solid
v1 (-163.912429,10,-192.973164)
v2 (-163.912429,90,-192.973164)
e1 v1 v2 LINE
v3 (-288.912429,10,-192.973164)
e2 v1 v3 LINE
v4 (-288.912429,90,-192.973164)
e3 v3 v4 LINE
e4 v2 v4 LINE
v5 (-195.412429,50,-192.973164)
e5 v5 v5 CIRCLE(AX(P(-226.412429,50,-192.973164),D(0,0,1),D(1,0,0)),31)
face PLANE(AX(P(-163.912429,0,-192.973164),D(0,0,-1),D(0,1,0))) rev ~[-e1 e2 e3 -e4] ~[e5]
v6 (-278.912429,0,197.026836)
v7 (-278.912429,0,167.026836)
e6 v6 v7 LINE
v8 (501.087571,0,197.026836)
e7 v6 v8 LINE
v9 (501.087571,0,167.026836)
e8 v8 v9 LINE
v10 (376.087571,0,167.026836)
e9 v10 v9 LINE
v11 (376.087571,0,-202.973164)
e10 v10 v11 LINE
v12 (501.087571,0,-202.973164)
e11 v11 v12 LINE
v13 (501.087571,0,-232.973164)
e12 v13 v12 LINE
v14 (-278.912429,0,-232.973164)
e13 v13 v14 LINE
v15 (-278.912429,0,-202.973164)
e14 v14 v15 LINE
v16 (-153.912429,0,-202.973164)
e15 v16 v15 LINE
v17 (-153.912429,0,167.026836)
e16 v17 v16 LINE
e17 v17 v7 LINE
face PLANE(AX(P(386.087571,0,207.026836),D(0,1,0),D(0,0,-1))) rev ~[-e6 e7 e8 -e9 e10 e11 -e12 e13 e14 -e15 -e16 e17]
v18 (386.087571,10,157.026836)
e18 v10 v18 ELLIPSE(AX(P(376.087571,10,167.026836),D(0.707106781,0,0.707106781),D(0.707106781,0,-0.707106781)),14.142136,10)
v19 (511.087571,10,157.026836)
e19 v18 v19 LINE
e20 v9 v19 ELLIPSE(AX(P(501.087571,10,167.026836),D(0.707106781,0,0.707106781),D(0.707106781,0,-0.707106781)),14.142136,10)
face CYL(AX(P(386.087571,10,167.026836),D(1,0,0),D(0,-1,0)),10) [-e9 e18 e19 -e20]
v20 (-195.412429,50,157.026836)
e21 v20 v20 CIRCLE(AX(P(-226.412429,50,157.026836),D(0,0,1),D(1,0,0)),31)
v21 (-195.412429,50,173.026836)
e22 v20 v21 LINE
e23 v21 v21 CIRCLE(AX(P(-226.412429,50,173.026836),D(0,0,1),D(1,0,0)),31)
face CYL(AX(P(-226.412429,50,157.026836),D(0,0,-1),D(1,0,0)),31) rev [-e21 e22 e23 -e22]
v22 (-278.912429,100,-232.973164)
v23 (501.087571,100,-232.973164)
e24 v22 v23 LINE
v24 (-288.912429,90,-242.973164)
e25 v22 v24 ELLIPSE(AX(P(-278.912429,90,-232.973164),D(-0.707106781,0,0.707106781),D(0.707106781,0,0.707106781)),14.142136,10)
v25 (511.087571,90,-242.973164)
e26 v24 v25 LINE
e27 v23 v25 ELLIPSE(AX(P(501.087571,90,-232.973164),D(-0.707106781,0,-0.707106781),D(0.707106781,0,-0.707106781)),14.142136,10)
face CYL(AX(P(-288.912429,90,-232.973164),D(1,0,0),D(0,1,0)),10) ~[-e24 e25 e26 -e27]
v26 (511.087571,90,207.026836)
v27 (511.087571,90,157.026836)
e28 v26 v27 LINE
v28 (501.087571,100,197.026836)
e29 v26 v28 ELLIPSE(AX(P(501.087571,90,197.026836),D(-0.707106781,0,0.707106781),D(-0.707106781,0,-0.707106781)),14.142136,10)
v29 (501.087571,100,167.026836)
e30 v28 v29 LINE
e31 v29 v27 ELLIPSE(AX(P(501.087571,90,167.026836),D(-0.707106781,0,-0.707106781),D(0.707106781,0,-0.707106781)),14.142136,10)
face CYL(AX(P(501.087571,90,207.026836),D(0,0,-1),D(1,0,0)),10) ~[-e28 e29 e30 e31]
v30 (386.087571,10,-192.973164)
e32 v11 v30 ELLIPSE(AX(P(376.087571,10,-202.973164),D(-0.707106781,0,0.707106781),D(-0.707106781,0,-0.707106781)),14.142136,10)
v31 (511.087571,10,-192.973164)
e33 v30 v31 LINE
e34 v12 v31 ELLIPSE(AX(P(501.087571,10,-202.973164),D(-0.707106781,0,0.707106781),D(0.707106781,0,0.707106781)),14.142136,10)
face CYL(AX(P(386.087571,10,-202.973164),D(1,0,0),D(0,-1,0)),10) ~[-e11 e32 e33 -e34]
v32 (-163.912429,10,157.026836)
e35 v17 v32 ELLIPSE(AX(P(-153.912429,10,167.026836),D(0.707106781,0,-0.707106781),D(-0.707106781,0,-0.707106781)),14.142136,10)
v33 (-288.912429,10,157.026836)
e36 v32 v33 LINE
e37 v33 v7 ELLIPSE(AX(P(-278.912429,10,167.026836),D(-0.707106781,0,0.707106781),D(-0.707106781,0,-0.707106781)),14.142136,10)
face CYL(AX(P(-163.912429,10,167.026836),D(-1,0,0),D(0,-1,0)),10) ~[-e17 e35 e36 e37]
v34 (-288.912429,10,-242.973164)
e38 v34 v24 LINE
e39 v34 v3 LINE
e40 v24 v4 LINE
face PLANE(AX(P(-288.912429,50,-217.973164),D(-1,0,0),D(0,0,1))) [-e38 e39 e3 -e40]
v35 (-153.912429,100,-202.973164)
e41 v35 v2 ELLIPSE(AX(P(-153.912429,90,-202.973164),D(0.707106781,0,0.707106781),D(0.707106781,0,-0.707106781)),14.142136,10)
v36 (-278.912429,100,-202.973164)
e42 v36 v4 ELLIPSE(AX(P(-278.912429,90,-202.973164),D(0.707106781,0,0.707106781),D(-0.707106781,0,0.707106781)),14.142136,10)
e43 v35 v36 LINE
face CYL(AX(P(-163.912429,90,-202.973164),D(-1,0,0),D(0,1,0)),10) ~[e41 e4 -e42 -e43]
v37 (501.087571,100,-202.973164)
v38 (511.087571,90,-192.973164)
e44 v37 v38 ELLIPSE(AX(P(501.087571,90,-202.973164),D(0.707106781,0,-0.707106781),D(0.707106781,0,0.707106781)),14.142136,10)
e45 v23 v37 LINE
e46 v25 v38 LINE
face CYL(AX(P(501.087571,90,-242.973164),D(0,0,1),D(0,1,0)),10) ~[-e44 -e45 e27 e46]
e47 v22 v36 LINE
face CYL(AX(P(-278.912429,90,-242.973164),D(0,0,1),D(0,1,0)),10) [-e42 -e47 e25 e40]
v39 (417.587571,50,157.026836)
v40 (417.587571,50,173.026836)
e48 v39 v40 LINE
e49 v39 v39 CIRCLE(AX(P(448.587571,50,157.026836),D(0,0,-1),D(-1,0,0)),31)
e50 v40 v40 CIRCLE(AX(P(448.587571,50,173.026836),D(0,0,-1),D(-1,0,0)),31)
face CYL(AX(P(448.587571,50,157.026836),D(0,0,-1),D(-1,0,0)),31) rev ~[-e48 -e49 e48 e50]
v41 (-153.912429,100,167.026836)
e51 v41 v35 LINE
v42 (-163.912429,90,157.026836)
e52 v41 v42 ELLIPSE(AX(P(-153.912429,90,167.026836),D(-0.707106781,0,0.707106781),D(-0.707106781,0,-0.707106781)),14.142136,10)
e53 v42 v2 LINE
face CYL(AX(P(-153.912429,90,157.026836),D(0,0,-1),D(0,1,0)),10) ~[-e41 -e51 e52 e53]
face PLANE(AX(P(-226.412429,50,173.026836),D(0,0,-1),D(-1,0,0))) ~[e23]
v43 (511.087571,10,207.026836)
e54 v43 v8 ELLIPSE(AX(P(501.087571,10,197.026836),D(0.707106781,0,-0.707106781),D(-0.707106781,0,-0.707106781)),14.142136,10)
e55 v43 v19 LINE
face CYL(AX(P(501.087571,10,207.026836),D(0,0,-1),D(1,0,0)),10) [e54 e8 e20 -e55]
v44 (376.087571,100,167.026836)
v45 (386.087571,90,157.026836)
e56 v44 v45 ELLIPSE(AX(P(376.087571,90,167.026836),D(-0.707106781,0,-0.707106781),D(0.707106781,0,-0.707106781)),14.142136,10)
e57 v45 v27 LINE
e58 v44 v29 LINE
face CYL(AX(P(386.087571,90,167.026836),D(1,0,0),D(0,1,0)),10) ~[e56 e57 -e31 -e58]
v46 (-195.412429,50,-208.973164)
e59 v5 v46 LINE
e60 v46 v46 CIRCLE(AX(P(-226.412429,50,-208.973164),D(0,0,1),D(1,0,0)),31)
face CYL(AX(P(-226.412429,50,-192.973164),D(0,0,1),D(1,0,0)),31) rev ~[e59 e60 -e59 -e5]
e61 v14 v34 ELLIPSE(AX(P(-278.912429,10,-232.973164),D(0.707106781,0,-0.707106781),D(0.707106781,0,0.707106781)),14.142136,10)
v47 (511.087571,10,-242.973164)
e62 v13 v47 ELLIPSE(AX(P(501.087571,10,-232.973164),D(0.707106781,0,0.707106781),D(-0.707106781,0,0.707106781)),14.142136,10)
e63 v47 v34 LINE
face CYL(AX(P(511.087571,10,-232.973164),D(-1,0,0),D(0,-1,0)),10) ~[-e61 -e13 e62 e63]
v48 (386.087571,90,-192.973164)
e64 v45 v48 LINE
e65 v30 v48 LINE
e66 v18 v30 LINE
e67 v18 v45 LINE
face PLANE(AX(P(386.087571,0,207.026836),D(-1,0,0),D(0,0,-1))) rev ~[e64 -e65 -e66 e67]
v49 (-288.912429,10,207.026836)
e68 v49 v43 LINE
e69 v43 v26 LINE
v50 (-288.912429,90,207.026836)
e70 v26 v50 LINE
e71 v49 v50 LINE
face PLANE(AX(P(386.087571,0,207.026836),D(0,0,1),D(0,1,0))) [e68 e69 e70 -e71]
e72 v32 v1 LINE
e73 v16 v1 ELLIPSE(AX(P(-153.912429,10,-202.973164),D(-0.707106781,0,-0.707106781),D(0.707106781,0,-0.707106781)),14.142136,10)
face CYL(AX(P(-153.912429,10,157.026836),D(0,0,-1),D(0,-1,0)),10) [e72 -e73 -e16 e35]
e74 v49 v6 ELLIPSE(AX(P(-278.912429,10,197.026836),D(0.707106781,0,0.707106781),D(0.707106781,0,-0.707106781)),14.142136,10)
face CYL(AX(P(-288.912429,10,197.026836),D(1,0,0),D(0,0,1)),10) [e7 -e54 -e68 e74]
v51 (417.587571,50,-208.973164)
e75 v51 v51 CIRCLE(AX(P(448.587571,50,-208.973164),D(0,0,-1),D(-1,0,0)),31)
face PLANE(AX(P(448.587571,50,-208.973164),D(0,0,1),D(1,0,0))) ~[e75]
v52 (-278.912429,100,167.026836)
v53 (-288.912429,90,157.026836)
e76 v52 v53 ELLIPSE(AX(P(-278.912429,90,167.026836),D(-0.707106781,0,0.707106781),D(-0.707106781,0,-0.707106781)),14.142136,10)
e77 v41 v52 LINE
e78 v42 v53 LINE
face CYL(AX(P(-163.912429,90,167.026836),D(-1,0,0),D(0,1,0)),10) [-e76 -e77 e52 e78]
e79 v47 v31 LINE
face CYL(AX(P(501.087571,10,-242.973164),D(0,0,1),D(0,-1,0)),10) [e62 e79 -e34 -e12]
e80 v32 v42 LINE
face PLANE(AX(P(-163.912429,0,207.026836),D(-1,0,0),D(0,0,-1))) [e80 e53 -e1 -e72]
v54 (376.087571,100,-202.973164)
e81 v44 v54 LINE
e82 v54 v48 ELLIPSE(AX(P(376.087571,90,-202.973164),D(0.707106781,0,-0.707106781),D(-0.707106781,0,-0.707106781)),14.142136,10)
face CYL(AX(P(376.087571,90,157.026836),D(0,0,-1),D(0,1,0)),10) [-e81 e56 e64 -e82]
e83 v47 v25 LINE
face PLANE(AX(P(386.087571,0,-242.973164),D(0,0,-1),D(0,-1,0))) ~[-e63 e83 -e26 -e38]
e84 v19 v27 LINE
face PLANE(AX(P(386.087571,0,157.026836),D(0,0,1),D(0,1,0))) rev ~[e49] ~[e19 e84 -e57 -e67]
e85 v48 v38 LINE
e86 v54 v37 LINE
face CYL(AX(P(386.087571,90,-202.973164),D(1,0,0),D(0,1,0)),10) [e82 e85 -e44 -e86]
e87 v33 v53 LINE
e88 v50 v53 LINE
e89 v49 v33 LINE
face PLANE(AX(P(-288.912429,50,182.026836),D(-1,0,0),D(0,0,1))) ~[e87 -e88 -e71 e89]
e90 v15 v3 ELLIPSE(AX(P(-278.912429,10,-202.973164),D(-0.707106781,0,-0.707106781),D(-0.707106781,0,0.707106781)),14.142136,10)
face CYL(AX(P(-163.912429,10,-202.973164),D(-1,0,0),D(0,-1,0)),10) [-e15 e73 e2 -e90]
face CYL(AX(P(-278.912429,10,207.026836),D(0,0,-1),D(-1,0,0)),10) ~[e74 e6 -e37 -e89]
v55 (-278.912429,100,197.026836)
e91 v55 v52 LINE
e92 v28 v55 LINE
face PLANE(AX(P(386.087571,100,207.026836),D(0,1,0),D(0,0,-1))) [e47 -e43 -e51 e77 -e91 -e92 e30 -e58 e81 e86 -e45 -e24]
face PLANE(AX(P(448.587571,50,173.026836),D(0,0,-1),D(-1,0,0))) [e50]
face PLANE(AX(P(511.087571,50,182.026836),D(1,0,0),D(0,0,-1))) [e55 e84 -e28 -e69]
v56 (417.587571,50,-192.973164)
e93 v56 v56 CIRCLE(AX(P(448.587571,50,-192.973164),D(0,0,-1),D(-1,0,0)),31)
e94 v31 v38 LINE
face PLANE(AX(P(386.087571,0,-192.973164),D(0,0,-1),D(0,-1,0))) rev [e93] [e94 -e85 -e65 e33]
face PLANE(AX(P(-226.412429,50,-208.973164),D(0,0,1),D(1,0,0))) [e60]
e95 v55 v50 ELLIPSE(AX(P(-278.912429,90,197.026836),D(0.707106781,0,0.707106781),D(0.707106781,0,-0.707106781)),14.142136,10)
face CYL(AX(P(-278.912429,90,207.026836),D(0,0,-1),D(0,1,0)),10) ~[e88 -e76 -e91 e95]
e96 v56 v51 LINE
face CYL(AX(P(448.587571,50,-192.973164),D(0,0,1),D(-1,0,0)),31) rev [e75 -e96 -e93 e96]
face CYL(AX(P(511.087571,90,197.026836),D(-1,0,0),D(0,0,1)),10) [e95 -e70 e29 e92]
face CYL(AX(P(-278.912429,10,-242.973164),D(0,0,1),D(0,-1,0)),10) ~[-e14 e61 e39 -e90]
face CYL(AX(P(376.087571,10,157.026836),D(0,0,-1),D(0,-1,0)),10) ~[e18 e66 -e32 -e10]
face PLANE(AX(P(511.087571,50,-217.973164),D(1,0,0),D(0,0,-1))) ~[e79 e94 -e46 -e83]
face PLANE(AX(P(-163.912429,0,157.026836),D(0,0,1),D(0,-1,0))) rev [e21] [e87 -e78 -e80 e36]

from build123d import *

# Parameters (mm, degrees)
SKETCH2_W               = 550
SKETCH2_H               = 450
BOSS_EXTRUDE1_DEPTH     = 100
SKETCH3_W               = 50
SKETCH3_H               = 100
BOSS_EXTRUDE2_DEPTH     = 125
MIRROR2_COPY_1_SKETCH_W = 50
MIRROR2_COPY_1_SKETCH_H = 100
MIRROR2_COPY_1_DEPTH    = 125
SKETCH4_R               = 31
CUT_EXTRUDE1_DEPTH      = 16
MIRROR4_COPY_1_SKETCH_R = 31
MIRROR4_COPY_1_DEPTH    = 16
FILLET4_R               = 10


with BuildPart() as part:
    # Sketch2 → Boss-Extrude1 (new body)
    with BuildSketch(Plane(origin=(0, 0, 0), x_dir=(1, 0, 0), z_dir=(0, 1, 0))):
        with Locations((111.087570621, 17.973163842)):
            Rectangle(SKETCH2_W, SKETCH2_H)
    boss_extrude1 = extrude(amount=BOSS_EXTRUDE1_DEPTH)

    # Sketch3 → Boss-Extrude2 (add)
    with BuildSketch(Plane.ZY.offset(163.912429379)):
        with Locations((-217.973163842, 50)):
            Rectangle(SKETCH3_W, SKETCH3_H)
    boss_extrude2 = extrude(amount=BOSS_EXTRUDE2_DEPTH)

    # Mirror1: Boss-Extrude2 across plane
    add(boss_extrude2.mirror(Plane(origin=(0, 0, -17.973163842), x_dir=(1, 0, 0), z_dir=(0, 0, -1))))

    # Mirror2: Boss-Extrude1, Boss-Extrude2 across plane
    add(boss_extrude1.mirror(Plane(origin=(111.087570621, 0, 0), x_dir=(0, 0, 1), z_dir=(1, 0, 0))))
    add(boss_extrude2.mirror(Plane(origin=(111.087570621, 0, 0), x_dir=(0, 0, 1), z_dir=(1, 0, 0))))

    # Mirror2 copy 1 sketch → Mirror2 copy 1 (add)
    with BuildSketch(Plane(origin=(386.087570621, 0, -35.946327684), x_dir=(0, 0, -1), z_dir=(1, 0, 0))):
        with Locations((-217.973163842, 50)):
            Rectangle(MIRROR2_COPY_1_SKETCH_W, MIRROR2_COPY_1_SKETCH_H)
    extrude(amount=MIRROR2_COPY_1_DEPTH)

    # Sketch4 → Cut-Extrude1 (cut)
    with BuildSketch(Plane(origin=(0, 0, 157.026836158), x_dir=(-1, 0, 0), z_dir=(0, 0, -1))):
        with Locations((-448.587570621, 50)):
            Circle(SKETCH4_R)
    cut_extrude1 = extrude(amount=-CUT_EXTRUDE1_DEPTH, mode=Mode.SUBTRACT)

    # Mirror3: Cut-Extrude1 across plane
    add(cut_extrude1.mirror(Plane(origin=(0, 0, -17.973163842), x_dir=(1, 0, 0), z_dir=(0, 0, -1))), mode=Mode.SUBTRACT)

    # Mirror4: Cut-Extrude1 across plane
    add(cut_extrude1.mirror(Plane(origin=(111.087570621, 0, 0), x_dir=(0, 0, 1), z_dir=(1, 0, 0))), mode=Mode.SUBTRACT)

    # Mirror4 copy 1 sketch → Mirror4 copy 1 (cut)
    with BuildSketch(Plane(origin=(222.175141243, 0, -192.973163842), x_dir=(1, 0, 0), z_dir=(0, 0, 1))):
        with Locations((-448.587570621, 50)):
            Circle(MIRROR4_COPY_1_SKETCH_R)
    extrude(amount=-MIRROR4_COPY_1_DEPTH, mode=Mode.SUBTRACT)

    # Fillet4
    fillet4_edges = [part.edges().sort_by_distance(p)[0] for p in [
        (386.087570621, 0, -17.973163842),
        (386.087570621, 100, -17.973163842),
        (448.587570621, 0, 157.026836158),
        (448.587570621, 100, 157.026836158),
        (511.087570621, 0, 182.026836158),
        (511.087570621, 100, 182.026836158),
        (111.087570621, 100, -242.973163842),
        (-163.912429379, 0, -17.973163842),
        (-163.912429379, 100, -17.973163842),
        (-226.412429379, 0, -192.973163842),
        (-226.412429379, 100, -192.973163842),
        (-288.912429379, 0, -217.973163842),
        (-288.912429379, 100, -217.973163842),
        (-288.912429379, 100, 182.026836158),
        (-226.412429379, 100, 157.026836158),
        (-288.912429379, 0, 182.026836158),
        (-226.412429379, 0, 157.026836158),
        (111.087570621, 0, -242.973163842),
        (111.087570621, 0, 207.026836158),
        (511.087570621, 100, -217.973163842),
        (111.087570621, 100, 207.026836158),
        (448.587570621, 100, -192.973163842),
        (511.087570621, 0, -217.973163842),
        (448.587570621, 0, -192.973163842),
    ]]
    fillet(fillet4_edges, radius=FILLET4_R)


solid = part.part
